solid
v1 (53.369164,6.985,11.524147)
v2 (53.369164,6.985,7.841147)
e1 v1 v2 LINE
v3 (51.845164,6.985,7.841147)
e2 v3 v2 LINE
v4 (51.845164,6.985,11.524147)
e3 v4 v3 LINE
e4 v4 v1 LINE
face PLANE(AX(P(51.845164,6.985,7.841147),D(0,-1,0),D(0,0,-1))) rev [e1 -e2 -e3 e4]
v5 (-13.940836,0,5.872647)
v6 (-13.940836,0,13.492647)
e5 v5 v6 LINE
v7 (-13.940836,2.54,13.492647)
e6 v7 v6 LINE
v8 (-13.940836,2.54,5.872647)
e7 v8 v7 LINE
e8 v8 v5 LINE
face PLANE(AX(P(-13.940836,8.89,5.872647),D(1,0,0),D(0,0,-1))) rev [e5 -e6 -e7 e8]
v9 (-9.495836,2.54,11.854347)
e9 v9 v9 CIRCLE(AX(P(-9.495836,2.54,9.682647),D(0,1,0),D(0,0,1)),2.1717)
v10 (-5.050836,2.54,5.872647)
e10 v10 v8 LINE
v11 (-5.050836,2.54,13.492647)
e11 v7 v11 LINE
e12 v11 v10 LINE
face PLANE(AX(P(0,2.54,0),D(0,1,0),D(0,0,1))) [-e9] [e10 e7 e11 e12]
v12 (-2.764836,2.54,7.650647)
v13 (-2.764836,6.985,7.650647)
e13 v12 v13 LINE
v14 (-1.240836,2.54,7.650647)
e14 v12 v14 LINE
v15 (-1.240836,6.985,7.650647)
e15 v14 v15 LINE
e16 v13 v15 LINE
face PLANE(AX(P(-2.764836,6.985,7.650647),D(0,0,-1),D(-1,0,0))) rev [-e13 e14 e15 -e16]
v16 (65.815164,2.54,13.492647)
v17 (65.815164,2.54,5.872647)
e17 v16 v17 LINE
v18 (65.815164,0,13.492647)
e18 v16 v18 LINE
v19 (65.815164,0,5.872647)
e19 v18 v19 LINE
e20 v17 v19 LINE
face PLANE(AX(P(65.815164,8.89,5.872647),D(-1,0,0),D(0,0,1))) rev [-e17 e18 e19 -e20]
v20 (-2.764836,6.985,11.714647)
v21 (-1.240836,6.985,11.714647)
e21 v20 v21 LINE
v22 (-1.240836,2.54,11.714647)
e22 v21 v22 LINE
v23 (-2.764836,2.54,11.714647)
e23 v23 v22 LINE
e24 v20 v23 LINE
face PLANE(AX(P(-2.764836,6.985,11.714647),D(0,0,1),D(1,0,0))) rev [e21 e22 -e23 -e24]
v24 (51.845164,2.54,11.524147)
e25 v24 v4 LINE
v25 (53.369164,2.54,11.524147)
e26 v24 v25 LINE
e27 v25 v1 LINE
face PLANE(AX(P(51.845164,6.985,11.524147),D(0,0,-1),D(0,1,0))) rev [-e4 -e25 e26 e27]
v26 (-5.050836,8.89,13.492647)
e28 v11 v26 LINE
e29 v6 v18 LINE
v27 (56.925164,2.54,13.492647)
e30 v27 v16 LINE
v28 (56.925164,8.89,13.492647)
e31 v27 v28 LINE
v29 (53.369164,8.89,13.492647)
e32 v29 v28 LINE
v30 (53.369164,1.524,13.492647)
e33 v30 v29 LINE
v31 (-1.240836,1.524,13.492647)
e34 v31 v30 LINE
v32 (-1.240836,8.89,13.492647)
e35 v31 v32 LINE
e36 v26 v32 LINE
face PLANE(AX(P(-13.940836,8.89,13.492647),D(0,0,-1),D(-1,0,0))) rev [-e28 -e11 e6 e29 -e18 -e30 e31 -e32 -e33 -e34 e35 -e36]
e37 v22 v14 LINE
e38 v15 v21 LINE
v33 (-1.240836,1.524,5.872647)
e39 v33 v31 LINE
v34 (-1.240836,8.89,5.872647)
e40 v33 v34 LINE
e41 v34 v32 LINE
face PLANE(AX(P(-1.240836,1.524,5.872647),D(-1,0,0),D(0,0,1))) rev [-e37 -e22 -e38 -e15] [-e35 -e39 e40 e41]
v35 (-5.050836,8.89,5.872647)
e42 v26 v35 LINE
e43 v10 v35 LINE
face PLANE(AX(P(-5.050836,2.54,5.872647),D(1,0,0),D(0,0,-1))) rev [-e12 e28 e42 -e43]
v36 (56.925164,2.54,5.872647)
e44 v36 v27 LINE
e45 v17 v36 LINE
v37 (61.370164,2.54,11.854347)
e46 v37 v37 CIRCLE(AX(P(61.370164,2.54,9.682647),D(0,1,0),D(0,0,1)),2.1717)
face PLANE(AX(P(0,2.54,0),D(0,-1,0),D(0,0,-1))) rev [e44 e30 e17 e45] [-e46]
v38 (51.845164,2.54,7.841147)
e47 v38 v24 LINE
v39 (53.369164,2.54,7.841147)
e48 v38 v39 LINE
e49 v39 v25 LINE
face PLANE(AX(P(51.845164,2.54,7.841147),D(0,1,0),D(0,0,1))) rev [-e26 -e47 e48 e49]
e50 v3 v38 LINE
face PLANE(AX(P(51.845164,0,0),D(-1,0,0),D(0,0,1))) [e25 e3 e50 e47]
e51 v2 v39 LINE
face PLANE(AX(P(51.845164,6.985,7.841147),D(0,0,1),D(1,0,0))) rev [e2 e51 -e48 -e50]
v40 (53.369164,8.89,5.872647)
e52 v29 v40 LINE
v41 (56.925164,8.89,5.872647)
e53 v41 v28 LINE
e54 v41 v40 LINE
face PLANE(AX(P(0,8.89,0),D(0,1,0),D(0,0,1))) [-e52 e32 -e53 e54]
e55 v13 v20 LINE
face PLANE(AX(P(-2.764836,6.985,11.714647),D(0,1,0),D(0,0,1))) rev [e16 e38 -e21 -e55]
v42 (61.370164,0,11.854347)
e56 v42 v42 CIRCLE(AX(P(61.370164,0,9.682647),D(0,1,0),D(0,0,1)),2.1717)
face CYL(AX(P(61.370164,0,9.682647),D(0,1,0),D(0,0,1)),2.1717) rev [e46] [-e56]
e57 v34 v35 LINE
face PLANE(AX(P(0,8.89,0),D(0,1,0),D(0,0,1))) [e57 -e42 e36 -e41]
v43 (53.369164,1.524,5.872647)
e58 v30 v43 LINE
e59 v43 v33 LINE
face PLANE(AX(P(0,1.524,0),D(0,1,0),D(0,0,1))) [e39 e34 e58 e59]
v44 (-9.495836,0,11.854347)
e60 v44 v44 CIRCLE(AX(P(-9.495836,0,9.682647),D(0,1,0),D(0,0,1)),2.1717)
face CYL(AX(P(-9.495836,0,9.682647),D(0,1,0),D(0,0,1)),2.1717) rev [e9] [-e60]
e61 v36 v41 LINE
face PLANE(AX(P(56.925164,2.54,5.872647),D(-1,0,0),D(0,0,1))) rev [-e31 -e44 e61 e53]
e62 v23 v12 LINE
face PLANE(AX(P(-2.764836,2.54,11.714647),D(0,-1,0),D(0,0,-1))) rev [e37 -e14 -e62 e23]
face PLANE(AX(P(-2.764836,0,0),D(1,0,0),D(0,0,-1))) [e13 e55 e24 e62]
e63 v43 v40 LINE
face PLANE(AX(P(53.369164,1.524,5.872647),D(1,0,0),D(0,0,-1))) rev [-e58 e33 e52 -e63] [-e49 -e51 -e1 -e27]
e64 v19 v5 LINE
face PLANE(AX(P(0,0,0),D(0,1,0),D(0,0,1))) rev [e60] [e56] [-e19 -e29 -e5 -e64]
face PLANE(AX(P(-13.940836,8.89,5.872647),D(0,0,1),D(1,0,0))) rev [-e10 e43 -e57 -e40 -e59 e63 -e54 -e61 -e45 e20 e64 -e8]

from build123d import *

# Parameters (mm, degrees)
SKETCH1_W           = 79.756
SKETCH1_H           = 7.62
BOSS_EXTRUDE1_DEPTH = 8.89
SKETCH2_W           = 8.89
SKETCH2_H           = 7.62
CUT_EXTRUDE1_DEPTH  = 6.35
SKETCH3_W           = 8.89
SKETCH3_H           = 7.62
CUT_EXTRUDE2_DEPTH  = 6.35
SKETCH4_W           = 54.61
SKETCH4_H           = 7.62
CUT_EXTRUDE3_DEPTH  = 7.366
SKETCH5_W           = 4.064
SKETCH5_H           = 4.445
CUT_EXTRUDE4_DEPTH  = 1.524
SKETCH7_W           = 3.683
SKETCH7_H           = 4.445
BOSS_EXTRUDE2_DEPTH = 1.524
SKETCH8_R           = 2.1717
CUT_EXTRUDE5_DEPTH  = 2.54
SKETCH9_R           = 2.1717
CUT_EXTRUDE6_DEPTH  = 2.54


with BuildPart() as part:
    # Sketch1 → Boss-Extrude1 (new body)
    with BuildSketch(Plane(origin=(0, 0, 0), x_dir=(1, 0, 0), z_dir=(0, 1, 0))):
        with Locations((25.937163647, -9.682646588)):
            Rectangle(SKETCH1_W, SKETCH1_H)
    extrude(amount=BOSS_EXTRUDE1_DEPTH)

    # Sketch2 → Cut-Extrude1 (cut)
    with BuildSketch(Plane(origin=(0, 8.89, 0), x_dir=(1, 0, 0), z_dir=(0, 1, 0))):
        with Locations((-9.495836353, -9.682646588)):
            Rectangle(SKETCH2_W, SKETCH2_H)
    extrude(amount=-CUT_EXTRUDE1_DEPTH, mode=Mode.SUBTRACT)

    # Sketch3 → Cut-Extrude2 (cut)
    with BuildSketch(Plane(origin=(0, 8.89, 0), x_dir=(1, 0, 0), z_dir=(0, 1, 0))):
        with Locations((61.370163647, -9.682646588)):
            Rectangle(SKETCH3_W, SKETCH3_H)
    extrude(amount=-CUT_EXTRUDE2_DEPTH, mode=Mode.SUBTRACT)

    # Sketch4 → Cut-Extrude3 (cut)
    with BuildSketch(Plane(origin=(0, 8.89, 0), x_dir=(1, 0, 0), z_dir=(0, 1, 0))):
        with Locations((26.064163647, -9.682646588)):
            Rectangle(SKETCH4_W, SKETCH4_H)
    extrude(amount=-CUT_EXTRUDE3_DEPTH, mode=Mode.SUBTRACT)

    # Sketch5 → Cut-Extrude4 (cut)
    with BuildSketch(Plane(origin=(-1.240836353, 0, 0), x_dir=(0, 0, -1), z_dir=(1, 0, 0))):
        with Locations((-9.682646588, 4.7625)):
            Rectangle(SKETCH5_W, SKETCH5_H)
    extrude(amount=-CUT_EXTRUDE4_DEPTH, mode=Mode.SUBTRACT)

    # Sketch7 → Boss-Extrude2 (add)
    with BuildSketch(Plane.ZY.offset(-53.369163647)):
        with Locations((9.682646588, 4.7625)):
            Rectangle(SKETCH7_W, SKETCH7_H)
    extrude(amount=BOSS_EXTRUDE2_DEPTH)

    # Sketch8 → Cut-Extrude5 (cut)
    with BuildSketch(Plane(origin=(0, 2.54, 0), x_dir=(1, 0, 0), z_dir=(0, 1, 0))):
        with Locations(Location((-9.495836353, -9.682646588, 0), (0, 0, 270))):
            Circle(SKETCH8_R)
    extrude(amount=-CUT_EXTRUDE5_DEPTH, mode=Mode.SUBTRACT)

    # Sketch9 → Cut-Extrude6 (cut)
    with BuildSketch(Plane(origin=(0, 2.54, 0), x_dir=(1, 0, 0), z_dir=(0, 1, 0))):
        with Locations(Location((61.370163647, -9.682646588, 0), (0, 0, 270))):
            Circle(SKETCH9_R)
    extrude(amount=-CUT_EXTRUDE6_DEPTH, mode=Mode.SUBTRACT)


solid = part.part
